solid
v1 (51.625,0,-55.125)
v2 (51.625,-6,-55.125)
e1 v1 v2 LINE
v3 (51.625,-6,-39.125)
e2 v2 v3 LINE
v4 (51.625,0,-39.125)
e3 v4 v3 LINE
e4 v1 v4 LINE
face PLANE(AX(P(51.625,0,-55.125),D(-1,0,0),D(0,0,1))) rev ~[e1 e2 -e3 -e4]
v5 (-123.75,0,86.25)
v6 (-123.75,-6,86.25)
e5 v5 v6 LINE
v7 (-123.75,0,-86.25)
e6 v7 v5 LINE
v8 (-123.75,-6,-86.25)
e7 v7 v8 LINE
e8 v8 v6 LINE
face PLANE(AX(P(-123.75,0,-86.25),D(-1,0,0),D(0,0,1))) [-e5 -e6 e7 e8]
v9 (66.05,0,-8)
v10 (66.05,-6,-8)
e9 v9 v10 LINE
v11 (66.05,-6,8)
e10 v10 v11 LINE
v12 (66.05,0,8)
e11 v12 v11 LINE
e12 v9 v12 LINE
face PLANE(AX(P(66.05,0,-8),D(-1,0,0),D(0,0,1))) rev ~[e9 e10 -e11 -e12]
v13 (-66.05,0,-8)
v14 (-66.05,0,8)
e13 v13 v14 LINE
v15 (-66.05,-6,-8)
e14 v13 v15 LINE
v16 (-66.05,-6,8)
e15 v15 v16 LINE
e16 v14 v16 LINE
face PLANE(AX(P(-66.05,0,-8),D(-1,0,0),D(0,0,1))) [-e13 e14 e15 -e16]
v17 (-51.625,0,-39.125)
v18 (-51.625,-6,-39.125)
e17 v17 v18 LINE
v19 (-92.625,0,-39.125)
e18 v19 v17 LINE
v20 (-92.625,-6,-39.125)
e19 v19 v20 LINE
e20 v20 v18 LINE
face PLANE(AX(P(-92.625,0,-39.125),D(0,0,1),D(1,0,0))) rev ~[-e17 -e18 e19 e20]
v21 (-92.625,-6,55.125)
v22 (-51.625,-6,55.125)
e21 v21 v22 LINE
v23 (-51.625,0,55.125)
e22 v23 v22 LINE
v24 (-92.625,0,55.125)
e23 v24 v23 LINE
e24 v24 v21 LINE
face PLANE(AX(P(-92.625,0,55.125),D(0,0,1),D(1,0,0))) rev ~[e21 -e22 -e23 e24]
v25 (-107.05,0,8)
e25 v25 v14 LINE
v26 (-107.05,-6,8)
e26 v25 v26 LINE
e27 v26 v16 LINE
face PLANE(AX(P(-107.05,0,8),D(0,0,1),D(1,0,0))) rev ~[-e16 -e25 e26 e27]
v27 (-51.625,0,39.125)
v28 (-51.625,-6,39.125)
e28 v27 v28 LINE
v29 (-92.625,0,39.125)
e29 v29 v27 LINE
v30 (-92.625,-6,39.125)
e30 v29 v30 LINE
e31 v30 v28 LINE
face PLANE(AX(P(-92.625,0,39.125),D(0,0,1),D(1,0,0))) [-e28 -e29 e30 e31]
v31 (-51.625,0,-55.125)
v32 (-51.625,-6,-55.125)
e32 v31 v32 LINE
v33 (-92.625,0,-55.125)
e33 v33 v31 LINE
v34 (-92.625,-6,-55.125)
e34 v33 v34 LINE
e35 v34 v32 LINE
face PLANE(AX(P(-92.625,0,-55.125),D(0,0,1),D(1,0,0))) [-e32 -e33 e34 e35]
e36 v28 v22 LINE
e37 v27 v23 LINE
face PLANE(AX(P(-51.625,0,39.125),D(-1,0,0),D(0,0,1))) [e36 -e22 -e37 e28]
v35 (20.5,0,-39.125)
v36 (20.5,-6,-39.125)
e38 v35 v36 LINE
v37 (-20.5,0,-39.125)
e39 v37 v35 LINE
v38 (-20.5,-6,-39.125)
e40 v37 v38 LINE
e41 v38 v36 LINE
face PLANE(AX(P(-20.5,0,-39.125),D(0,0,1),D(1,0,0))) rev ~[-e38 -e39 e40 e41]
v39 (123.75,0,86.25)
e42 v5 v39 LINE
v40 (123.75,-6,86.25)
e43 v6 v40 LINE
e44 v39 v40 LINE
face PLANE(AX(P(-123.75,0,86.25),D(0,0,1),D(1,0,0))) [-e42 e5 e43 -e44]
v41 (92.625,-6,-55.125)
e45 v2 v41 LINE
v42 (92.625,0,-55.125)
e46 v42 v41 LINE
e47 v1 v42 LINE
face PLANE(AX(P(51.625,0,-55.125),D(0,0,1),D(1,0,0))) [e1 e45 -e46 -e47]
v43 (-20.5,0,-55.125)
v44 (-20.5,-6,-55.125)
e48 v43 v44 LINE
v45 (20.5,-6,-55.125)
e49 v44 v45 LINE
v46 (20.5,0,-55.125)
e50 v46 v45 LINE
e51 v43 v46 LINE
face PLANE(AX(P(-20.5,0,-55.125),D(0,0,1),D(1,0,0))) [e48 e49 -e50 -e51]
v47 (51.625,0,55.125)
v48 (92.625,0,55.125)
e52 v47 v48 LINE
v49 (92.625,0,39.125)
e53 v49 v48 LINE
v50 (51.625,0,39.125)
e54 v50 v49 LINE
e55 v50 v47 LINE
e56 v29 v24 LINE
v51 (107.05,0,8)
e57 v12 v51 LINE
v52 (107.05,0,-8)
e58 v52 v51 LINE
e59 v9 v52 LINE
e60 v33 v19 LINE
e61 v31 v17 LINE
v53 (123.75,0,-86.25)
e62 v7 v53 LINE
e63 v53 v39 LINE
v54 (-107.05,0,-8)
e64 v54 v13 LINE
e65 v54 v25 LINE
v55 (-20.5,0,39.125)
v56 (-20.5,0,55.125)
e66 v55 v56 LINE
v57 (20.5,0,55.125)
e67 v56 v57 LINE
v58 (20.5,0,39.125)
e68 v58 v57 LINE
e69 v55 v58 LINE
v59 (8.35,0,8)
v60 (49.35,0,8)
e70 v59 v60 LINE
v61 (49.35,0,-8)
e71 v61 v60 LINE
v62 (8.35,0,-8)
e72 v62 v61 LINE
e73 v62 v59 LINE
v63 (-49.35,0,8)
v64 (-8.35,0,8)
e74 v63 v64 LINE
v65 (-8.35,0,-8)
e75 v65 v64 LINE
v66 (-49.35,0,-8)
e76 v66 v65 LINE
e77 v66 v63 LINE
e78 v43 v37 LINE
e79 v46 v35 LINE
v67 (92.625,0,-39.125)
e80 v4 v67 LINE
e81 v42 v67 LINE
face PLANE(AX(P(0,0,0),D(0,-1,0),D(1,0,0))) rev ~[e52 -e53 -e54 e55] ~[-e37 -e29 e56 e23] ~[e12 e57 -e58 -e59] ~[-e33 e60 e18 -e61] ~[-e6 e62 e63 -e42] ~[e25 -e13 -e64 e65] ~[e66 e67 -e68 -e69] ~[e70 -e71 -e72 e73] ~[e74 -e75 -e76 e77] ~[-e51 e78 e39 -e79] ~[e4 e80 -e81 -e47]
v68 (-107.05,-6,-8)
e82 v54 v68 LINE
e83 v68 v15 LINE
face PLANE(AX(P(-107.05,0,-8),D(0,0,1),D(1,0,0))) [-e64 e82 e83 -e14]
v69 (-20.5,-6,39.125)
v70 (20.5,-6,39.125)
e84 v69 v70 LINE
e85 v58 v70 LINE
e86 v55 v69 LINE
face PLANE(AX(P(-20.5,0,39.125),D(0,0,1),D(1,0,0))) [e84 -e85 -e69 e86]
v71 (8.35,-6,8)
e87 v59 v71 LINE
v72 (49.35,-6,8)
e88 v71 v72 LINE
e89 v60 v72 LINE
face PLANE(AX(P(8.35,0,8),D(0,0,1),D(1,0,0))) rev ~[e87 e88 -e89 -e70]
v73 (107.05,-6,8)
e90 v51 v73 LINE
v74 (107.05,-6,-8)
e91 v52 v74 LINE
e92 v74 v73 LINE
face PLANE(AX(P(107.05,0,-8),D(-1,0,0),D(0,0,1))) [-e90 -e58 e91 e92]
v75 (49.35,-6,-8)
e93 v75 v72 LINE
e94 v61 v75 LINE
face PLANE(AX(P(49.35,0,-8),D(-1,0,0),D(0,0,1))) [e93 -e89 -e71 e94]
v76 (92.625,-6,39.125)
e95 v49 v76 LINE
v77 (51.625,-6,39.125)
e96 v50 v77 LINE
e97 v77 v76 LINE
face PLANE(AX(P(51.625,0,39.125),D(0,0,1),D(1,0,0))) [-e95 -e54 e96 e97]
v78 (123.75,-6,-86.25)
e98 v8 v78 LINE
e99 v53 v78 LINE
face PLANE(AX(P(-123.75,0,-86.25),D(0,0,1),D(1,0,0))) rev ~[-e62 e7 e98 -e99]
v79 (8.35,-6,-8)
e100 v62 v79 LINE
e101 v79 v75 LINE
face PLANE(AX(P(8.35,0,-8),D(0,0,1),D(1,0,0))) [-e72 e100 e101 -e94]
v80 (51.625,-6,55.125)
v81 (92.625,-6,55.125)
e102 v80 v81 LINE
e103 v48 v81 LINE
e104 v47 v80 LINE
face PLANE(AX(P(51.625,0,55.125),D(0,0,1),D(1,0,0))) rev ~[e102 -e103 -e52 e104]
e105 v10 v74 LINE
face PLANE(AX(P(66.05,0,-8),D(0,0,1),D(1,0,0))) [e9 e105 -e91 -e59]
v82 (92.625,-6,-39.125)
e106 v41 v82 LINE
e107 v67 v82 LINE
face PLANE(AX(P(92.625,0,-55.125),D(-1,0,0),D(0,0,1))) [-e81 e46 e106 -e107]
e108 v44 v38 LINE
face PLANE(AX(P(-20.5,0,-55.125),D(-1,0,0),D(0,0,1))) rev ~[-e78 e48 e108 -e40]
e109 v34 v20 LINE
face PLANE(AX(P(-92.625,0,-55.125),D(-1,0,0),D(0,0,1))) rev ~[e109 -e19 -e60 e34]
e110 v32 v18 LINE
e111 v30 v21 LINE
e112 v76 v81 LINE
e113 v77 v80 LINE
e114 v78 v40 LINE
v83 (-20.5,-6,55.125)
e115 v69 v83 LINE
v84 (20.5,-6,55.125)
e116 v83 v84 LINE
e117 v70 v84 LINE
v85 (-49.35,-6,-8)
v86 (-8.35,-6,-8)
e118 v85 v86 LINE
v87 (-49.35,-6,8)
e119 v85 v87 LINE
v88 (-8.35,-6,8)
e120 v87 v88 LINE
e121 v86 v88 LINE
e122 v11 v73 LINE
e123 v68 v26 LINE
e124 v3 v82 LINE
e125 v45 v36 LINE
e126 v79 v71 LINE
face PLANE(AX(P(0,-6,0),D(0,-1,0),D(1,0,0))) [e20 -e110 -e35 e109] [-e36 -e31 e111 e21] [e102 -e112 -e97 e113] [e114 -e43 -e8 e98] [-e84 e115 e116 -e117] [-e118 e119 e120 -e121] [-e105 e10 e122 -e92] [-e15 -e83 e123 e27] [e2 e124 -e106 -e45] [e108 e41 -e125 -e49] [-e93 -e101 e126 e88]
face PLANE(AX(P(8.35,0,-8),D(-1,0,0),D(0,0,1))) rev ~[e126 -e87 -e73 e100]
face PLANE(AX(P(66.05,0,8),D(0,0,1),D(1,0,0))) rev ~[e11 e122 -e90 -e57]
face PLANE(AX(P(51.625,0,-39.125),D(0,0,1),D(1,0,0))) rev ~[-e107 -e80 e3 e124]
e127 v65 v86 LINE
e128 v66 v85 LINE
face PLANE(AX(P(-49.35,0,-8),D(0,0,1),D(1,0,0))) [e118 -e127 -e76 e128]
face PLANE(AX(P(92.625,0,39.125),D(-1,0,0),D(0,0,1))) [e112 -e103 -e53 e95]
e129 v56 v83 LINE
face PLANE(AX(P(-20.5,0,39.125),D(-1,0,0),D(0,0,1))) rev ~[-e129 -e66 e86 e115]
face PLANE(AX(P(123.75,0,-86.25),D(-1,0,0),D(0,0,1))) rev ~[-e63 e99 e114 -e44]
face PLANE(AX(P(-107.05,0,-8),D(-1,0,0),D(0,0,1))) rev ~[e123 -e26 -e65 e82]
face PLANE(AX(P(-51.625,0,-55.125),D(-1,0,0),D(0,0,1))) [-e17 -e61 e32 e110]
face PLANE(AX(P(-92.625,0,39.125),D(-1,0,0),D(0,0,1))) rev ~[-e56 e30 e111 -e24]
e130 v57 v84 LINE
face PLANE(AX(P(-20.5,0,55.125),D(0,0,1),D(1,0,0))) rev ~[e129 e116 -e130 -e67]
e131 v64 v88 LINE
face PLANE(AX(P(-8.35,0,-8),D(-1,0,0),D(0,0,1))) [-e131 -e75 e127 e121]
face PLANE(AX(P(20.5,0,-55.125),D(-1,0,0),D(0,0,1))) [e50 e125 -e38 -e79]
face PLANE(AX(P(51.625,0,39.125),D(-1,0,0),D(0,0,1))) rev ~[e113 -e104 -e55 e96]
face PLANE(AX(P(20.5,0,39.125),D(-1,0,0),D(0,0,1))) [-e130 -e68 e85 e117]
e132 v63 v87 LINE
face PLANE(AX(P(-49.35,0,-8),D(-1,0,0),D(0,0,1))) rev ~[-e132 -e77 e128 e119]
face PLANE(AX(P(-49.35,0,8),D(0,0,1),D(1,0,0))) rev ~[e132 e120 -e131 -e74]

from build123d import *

# Parameters (mm, degrees)
F0_W     = 247.5
F0_H     = 172.5
F0_W_2   = 41
F0_H_2   = 16
F1_DEPTH = 6


with BuildPart() as f1:
    # F0 (on Front) → F1 (new body)
    with BuildSketch(Plane.XZ):
        Rectangle(F0_W, F0_H)
        with Locations((-72.125, -47.125)):
            Rectangle(F0_W_2, F0_H_2, mode=Mode.SUBTRACT)
        with Locations((0, -47.125)):
            Rectangle(F0_W_2, F0_H_2, mode=Mode.SUBTRACT)
        with Locations((72.125, -47.125)):
            Rectangle(F0_W_2, F0_H_2, mode=Mode.SUBTRACT)
        with Locations((-86.55, 0)):
            Rectangle(F0_W_2, F0_H_2, mode=Mode.SUBTRACT)
        with Locations((-28.85, 0)):
            Rectangle(F0_W_2, F0_H_2, mode=Mode.SUBTRACT)
        with Locations((-72.125, 47.125)):
            Rectangle(F0_W_2, F0_H_2, mode=Mode.SUBTRACT)
        with Locations((28.85, 0)):
            Rectangle(F0_W_2, F0_H_2, mode=Mode.SUBTRACT)
        with Locations((86.55, 0)):
            Rectangle(F0_W_2, F0_H_2, mode=Mode.SUBTRACT)
        with Locations((0, 47.125)):
            Rectangle(F0_W_2, F0_H_2, mode=Mode.SUBTRACT)
        with Locations((72.125, 47.125)):
            Rectangle(F0_W_2, F0_H_2, mode=Mode.SUBTRACT)
    extrude(amount=F1_DEPTH)


solid = f1.part
